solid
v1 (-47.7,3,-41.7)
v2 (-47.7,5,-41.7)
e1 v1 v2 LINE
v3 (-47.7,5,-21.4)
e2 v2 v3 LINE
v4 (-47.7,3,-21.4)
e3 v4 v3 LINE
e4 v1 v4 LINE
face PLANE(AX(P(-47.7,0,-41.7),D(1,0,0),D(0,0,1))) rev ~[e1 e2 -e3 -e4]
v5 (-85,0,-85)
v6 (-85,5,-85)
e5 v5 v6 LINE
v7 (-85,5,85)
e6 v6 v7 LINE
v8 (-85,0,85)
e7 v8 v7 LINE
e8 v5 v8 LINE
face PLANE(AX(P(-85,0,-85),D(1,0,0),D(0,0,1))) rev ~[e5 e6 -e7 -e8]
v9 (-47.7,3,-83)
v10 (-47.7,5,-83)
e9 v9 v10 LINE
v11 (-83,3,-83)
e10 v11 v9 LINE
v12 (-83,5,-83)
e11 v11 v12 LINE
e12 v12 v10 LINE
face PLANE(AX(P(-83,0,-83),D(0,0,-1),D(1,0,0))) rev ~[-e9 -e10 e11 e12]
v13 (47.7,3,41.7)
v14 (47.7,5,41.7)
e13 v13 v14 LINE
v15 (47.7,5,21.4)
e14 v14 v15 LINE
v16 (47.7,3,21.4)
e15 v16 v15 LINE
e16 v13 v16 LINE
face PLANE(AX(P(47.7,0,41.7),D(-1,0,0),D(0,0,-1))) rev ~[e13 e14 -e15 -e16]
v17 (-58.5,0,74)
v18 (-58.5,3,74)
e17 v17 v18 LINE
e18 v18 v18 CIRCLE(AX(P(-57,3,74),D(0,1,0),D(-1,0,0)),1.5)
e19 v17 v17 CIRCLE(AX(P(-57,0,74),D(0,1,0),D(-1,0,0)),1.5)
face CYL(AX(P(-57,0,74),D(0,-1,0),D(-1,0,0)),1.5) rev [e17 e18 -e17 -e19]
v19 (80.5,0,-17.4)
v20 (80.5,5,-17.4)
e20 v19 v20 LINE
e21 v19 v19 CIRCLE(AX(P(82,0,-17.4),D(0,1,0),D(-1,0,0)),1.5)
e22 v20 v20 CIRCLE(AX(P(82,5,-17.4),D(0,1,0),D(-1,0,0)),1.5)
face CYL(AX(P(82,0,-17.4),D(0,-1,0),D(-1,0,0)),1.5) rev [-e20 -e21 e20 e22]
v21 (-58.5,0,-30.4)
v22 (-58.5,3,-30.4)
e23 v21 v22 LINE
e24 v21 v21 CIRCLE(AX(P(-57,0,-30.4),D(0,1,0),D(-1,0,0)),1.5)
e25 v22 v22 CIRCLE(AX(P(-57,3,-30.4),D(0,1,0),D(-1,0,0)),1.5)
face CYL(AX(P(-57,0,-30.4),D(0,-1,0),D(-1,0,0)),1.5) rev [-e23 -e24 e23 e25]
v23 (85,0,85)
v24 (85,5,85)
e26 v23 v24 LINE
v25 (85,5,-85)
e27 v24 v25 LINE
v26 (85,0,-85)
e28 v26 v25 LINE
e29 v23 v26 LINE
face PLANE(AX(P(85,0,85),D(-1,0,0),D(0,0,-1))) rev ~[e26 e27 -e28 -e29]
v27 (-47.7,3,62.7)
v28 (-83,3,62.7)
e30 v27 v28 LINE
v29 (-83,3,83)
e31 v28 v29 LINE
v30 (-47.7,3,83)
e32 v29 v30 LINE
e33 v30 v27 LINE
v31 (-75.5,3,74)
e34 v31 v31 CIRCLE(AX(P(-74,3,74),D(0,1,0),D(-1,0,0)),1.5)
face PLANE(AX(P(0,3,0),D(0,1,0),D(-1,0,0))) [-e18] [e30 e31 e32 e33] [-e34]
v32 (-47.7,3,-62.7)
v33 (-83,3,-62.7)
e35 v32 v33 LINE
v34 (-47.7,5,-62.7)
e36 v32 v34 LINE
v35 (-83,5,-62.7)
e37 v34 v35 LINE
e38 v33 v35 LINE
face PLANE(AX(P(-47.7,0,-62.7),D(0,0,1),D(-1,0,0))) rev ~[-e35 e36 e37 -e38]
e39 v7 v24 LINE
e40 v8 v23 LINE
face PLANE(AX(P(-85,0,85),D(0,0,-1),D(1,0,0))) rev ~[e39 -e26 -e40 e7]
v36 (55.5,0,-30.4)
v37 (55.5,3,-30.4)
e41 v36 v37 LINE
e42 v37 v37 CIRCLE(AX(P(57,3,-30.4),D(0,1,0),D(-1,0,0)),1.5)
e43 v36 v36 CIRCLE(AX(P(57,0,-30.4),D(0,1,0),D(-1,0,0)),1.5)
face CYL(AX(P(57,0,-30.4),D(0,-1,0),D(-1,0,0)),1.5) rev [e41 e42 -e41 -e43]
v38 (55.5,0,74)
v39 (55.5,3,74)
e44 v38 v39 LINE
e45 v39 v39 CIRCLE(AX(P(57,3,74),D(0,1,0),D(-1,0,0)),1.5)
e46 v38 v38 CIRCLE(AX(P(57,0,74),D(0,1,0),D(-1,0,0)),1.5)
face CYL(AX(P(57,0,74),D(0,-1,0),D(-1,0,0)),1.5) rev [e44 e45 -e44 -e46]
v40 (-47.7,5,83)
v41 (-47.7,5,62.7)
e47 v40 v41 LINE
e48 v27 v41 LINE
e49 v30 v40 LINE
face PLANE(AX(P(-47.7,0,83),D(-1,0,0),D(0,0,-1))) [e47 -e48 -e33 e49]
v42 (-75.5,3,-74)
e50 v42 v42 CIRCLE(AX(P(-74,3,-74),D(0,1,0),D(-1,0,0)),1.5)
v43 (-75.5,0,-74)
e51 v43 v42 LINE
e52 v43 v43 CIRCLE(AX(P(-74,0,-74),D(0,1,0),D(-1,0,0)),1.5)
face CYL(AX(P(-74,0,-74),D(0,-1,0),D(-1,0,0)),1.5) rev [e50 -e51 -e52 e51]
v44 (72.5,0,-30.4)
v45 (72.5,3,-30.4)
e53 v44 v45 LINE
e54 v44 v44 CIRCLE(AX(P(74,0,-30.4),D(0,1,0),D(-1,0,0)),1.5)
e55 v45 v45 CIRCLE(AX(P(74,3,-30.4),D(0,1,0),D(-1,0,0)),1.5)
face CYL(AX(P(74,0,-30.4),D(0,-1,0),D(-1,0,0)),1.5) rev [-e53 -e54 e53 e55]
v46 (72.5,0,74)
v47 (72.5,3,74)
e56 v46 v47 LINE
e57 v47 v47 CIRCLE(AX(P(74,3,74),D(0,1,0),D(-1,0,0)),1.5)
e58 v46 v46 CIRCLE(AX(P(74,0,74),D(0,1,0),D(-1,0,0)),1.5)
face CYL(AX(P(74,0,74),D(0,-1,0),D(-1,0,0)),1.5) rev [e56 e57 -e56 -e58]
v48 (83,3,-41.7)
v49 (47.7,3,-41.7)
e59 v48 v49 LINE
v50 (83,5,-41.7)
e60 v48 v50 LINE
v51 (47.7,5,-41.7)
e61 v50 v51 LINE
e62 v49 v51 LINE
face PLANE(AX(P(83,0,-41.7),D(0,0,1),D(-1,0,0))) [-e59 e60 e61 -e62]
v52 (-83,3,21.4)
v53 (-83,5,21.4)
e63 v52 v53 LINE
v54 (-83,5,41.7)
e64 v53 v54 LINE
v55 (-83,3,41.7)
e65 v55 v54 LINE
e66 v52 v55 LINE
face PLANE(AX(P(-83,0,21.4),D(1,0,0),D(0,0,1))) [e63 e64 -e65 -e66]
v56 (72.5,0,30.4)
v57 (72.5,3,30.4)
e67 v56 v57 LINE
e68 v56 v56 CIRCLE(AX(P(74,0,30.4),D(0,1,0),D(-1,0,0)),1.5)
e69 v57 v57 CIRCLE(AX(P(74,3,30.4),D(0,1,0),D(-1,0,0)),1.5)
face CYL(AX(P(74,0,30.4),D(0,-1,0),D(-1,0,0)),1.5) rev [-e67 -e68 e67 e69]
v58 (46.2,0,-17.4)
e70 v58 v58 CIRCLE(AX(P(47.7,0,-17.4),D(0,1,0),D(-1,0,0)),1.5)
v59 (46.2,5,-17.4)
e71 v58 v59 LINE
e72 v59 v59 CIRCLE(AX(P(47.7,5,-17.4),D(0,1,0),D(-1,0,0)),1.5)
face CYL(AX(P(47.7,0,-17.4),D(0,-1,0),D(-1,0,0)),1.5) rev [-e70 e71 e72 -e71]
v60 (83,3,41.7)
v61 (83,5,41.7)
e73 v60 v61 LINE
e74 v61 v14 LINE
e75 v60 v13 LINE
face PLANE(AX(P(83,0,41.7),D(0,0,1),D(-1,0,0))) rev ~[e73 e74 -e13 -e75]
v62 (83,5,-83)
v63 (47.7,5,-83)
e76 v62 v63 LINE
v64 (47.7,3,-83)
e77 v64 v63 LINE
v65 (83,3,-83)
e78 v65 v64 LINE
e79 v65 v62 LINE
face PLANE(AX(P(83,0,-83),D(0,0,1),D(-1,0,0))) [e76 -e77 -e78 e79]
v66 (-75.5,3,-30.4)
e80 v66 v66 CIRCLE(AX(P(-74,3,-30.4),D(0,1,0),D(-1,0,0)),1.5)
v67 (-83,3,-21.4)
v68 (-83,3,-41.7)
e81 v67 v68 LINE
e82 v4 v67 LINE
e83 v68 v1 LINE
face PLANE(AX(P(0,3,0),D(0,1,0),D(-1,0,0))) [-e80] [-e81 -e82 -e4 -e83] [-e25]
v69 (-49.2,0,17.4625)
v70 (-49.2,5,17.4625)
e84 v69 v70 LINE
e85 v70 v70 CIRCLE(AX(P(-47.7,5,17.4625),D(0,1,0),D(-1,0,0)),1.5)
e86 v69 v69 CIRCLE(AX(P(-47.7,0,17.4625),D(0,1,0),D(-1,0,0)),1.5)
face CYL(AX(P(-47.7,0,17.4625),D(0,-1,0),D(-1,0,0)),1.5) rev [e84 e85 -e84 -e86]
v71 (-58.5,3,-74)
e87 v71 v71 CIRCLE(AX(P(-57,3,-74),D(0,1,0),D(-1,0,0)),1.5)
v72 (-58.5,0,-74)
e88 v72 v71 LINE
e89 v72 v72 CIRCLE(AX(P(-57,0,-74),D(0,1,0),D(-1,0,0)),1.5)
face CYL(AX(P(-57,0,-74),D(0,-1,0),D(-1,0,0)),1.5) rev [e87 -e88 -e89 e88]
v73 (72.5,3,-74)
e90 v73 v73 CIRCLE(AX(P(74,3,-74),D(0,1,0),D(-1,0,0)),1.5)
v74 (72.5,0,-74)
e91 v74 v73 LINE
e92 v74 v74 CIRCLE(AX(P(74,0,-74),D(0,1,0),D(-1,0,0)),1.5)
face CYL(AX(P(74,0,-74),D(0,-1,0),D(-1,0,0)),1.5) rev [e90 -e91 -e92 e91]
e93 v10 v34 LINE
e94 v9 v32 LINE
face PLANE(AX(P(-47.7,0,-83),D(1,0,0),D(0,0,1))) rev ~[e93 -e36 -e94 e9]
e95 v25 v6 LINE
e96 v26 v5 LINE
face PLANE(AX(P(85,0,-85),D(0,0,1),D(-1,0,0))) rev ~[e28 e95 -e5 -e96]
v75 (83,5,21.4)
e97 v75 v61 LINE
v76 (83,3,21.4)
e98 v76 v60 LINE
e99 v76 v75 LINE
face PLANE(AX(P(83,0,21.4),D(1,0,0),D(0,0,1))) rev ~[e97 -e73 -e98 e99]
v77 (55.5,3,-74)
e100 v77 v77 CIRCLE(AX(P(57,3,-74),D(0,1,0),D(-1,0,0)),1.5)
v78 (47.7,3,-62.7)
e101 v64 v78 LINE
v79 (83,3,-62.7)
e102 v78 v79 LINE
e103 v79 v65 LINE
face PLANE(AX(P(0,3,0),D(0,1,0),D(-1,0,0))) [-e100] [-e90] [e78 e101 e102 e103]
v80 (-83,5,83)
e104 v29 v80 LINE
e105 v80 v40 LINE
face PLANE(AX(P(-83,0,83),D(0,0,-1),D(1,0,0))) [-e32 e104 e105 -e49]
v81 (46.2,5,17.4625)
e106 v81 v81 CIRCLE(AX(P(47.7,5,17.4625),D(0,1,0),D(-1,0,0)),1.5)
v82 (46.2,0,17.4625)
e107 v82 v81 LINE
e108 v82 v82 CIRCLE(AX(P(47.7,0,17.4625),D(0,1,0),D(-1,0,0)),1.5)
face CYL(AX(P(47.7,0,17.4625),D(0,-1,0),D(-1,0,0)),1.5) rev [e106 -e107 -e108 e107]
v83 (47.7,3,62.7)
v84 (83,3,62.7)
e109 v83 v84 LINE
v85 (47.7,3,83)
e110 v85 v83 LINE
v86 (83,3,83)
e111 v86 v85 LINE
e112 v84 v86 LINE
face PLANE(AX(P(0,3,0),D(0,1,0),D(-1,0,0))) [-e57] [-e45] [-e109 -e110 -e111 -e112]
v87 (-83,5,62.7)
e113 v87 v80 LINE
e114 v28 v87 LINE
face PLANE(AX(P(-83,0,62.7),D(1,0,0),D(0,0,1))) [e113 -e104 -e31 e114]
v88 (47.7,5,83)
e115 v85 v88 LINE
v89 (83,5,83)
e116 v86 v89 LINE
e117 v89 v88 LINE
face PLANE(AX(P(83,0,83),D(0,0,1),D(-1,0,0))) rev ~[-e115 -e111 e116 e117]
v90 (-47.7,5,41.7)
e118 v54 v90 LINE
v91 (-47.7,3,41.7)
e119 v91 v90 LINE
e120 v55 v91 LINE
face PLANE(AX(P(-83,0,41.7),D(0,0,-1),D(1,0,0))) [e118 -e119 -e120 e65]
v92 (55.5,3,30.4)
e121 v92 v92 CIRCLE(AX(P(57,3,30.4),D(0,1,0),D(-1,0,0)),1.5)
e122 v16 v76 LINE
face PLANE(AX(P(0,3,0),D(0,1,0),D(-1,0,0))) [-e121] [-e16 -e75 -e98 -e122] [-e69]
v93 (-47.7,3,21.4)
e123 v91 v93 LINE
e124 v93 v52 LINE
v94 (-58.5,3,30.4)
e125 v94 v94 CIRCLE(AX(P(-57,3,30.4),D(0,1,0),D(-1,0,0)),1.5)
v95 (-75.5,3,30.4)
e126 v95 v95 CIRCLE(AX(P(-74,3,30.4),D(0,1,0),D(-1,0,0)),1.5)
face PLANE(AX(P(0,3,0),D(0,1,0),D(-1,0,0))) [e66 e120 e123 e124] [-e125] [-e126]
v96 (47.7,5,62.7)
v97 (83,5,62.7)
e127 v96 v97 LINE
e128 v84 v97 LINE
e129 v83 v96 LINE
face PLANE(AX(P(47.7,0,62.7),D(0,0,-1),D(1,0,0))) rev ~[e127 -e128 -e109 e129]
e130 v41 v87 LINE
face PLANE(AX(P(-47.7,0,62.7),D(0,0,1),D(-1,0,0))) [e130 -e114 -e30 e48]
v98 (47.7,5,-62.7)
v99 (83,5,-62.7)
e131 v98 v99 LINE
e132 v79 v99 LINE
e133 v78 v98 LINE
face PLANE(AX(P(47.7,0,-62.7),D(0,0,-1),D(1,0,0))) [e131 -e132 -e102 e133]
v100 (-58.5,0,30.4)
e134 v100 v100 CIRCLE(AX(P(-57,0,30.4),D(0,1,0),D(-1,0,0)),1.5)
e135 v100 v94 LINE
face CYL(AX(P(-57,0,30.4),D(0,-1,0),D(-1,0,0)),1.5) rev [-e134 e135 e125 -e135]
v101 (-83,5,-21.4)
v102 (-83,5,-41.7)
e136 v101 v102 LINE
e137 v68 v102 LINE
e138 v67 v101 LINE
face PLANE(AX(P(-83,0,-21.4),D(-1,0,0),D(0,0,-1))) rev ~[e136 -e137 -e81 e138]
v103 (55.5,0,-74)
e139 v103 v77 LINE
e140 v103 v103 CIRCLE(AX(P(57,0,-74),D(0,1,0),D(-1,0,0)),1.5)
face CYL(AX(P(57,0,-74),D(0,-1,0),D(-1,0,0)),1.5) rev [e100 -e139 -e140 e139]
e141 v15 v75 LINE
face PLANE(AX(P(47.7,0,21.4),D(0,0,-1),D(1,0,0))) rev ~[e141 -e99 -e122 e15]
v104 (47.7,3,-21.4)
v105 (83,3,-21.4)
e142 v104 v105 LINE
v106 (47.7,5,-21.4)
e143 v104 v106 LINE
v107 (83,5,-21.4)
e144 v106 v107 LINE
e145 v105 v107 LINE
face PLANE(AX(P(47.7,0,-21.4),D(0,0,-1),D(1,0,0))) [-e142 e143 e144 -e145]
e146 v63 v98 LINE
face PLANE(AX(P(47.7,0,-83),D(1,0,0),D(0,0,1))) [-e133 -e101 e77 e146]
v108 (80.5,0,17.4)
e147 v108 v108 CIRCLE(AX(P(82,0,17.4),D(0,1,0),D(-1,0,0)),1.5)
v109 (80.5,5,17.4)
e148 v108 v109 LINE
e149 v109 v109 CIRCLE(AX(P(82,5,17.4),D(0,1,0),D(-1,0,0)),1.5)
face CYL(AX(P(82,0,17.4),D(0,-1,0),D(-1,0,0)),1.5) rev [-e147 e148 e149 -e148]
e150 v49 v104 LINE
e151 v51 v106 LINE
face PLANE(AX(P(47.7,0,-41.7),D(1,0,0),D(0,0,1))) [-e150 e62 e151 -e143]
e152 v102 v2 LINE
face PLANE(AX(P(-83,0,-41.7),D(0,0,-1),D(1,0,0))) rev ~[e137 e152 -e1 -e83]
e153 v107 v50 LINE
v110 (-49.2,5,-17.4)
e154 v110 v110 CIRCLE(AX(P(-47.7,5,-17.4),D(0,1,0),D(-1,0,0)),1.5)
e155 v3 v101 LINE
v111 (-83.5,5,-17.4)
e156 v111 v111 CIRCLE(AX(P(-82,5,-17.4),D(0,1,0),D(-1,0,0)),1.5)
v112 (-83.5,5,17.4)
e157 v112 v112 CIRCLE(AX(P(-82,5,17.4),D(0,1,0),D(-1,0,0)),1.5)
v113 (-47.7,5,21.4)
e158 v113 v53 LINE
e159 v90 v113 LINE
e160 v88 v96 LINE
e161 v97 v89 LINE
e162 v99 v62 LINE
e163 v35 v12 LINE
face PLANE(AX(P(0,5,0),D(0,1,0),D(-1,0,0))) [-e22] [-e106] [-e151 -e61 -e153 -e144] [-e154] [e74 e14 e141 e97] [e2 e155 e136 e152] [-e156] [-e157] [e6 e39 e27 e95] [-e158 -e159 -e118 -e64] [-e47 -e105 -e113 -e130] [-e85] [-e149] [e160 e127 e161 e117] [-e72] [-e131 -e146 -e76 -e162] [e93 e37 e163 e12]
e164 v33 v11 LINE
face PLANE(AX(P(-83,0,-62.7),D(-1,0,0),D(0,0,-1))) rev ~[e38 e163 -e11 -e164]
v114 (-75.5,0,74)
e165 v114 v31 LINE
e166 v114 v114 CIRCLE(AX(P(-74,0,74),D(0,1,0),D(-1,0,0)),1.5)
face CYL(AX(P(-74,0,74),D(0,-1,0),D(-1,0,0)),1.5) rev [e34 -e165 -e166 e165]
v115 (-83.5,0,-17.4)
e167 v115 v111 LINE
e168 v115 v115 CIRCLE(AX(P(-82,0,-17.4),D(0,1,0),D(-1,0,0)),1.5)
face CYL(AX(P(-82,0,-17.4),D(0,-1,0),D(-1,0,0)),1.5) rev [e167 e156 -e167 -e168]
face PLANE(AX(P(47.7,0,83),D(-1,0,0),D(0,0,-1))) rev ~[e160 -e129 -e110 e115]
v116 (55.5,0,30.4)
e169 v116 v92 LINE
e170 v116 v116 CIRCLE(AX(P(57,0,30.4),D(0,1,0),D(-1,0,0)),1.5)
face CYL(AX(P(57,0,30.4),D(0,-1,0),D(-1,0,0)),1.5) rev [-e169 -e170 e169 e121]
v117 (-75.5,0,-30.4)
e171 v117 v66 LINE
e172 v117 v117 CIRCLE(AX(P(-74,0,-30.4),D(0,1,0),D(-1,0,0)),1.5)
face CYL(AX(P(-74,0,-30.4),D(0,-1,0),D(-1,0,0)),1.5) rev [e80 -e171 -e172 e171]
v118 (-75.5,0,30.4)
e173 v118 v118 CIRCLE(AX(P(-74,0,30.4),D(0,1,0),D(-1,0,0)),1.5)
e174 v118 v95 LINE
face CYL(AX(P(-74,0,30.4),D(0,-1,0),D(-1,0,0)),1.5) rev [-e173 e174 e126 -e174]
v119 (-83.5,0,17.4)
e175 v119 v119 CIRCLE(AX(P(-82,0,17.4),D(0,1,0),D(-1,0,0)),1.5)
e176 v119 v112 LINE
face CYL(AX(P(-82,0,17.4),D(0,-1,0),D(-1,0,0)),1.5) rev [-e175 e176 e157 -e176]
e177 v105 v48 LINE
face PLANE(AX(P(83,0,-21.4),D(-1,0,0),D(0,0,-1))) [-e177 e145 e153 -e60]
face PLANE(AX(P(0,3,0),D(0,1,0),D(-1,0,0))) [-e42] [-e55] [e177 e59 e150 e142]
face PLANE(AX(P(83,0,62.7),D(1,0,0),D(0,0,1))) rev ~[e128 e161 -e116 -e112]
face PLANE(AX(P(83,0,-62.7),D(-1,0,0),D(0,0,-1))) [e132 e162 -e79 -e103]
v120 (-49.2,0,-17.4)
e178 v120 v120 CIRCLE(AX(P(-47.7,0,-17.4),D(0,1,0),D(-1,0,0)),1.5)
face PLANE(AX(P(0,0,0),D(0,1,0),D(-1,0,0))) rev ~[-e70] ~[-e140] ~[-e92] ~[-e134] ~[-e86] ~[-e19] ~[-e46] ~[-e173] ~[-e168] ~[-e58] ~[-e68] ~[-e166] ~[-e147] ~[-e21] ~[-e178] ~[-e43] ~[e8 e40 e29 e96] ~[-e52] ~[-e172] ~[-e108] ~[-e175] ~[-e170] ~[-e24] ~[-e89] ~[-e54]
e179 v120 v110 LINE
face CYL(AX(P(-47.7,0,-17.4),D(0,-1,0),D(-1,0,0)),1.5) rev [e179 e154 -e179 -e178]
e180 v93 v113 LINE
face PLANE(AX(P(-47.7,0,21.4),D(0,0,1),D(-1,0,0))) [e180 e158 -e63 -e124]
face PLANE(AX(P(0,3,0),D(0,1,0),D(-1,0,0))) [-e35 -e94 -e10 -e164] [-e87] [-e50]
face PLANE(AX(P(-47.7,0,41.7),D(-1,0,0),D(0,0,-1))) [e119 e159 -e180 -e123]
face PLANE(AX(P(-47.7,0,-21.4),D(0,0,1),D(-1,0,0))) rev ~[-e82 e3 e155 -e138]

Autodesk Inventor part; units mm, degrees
ref_plane "YZ Plane" through (0, 0, 0) normal (1, 0, 0) x (0, 1, 0)
ref_plane "XZ Plane" through (0, 0, 0) normal (0, 1, 0) x (-1, 0, 0)
ref_plane "XY Plane" through (0, 0, 0) normal (0, 0, 1) x (1, 0, 0)
sketch "Sketch2" plane through (0, 0, 0) normal (0, 1, 0) x (-1, 0, 0)
  line L0 (85, 85) -> (-85, 85)
  line L1 (-85, 85) -> (-85, -85)
  line L2 (-85, -85) -> (85, -85)
  line L3 (85, -85) -> (85, 85)
  line L4 (85, 0) -> (-85, 0) construction
  line L5 (0, 85) -> (0, -85) construction
  line L6 (83, 83) -> (47.7, 83)
  line L7 (47.7, 83) -> (47.7, 62.7)
  line L8 (47.7, 62.7) -> (83, 62.7)
  line L9 (83, 62.7) -> (83, 83)
  line L10 (83, 41.7) -> (47.7, 41.7)
  line L11 (47.7, 41.7) -> (47.7, 21.4)
  line L12 (47.7, 21.4) -> (83, 21.4)
  line L13 (83, 21.4) -> (83, 41.7)
  circle A0 centre (74, 74) radius 1.5
  circle A1 centre (57, 74) radius 1.5
  circle A2 centre (74, 30.4) radius 1.5
  circle A3 centre (57, 30.4) radius 1.5
  line L14 (83, -83) -> (47.7, -83)
  line L15 (47.7, -83) -> (47.7, -62.7)
  line L16 (47.7, -62.7) -> (83, -62.7)
  line L17 (83, -62.7) -> (83, -83)
  line L18 (83, -41.7) -> (47.7, -41.7)
  line L19 (47.7, -41.7) -> (47.7, -21.4)
  line L20 (47.7, -21.4) -> (83, -21.4)
  line L21 (83, -21.4) -> (83, -41.7)
  circle A4 centre (74, -74) radius 1.5
  circle A5 centre (57, -74) radius 1.5
  circle A6 centre (74, -30.4) radius 1.5
  circle A7 centre (57, -30.4) radius 1.5
  line L22 (-83, 83) -> (-47.7, 83)
  line L23 (-47.7, 83) -> (-47.7, 62.7)
  line L24 (-47.7, 62.7) -> (-83, 62.7)
  line L25 (-83, 62.7) -> (-83, 83)
  line L26 (-83, 41.7) -> (-47.7, 41.7)
  line L27 (-47.7, 41.7) -> (-47.7, 21.4)
  line L28 (-47.7, 21.4) -> (-83, 21.4)
  line L29 (-83, 21.4) -> (-83, 41.7)
  circle A8 centre (-74, 74) radius 1.5
  circle A9 centre (-57, 74) radius 1.5
  circle A10 centre (-74, 30.4) radius 1.5
  circle A11 centre (-57, 30.4) radius 1.5
  line L30 (-47.7, -62.7) -> (-83, -62.7)
  circle A12 centre (-57, -74) radius 1.5
  circle A13 centre (-74, -74) radius 1.5
  line L31 (-47.7, -83) -> (-47.7, -62.7)
  line L32 (-83, -83) -> (-47.7, -83)
  line L33 (-83, -62.7) -> (-83, -83)
  line L34 (-83, -41.7) -> (-47.7, -41.7)
  circle A14 centre (-57, -30.4) radius 1.5
  circle A15 centre (-74, -30.4) radius 1.5
  line L35 (-83, -21.4) -> (-83, -41.7)
  line L36 (-47.7, -41.7) -> (-47.7, -21.4)
  line L37 (-47.7, -21.4) -> (-83, -21.4)
  circle A16 centre (-82, 17.4) radius 1.5
  circle A17 centre (-82, -17.4) radius 1.5
  circle A18 centre (82, 17.4) radius 1.5
  circle A19 centre (82, -17.4) radius 1.5
  circle A20 centre (-47.7, 17.4625) radius 1.5
  circle A21 centre (-47.7, -17.4) radius 1.5
  circle A22 centre (47.7, 17.4625) radius 1.5
  circle A23 centre (47.7, -17.4) radius 1.5
  point P0 (0, 0)
  point P1 (83, 72.85)
  point P2 (65.35, 83)
  point P3 (83, -72.85)
  point P4 (65.35, -83)
  point P5 (-83, 72.85)
  point P6 (-65.35, 83)
  point P7 (-83, -72.85)
  point P8 (-65.35, -83)
  dimension "d17" = 170
  dimension "d18" = 170
  dimension "d19" = 35.3
  dimension "d20" = 20.3
  dimension "d21" = 2
  dimension "d22" = 2
  dimension "d23" = 20.3
  dimension "d24" = 21
  dimension "d25" = 3
  dimension "d26" = 9
  dimension "d27" = 9
  dimension "d28" = 3
  dimension "d29" = 17
  dimension "d30" = 3
  dimension "d31" = 9
  dimension "d32" = 9
  dimension "d33" = 3
  dimension "d38" = 3
  dimension "d39" = 3
  dimension "d40" = 4
  dimension "d41" = 34.8
  dimension "d44" = 3
  dimension "d45" = 3
  dimension "d46" = 34.3
extrude "Extrusion3" add sketch "Sketch2" along normal blind 5 contours L3 L2 L1 L0 | A16 | A17 | A18 | A19 | A20 | A21 | A22 | A23
extrude "Extrusion4" add sketch "Sketch2" along normal blind 3 contours L9 L8 L7 L6 | L13 L12 L11 L10 | L14 L15 L16 L17 | L18 L19 L20 L21 | L22 L23 L24 L25 | L26 L27 L28 L29 | L31 L32 L33 L30 | L35 L37 L36 L34
extrude "Extrusion5" cut sketch "Sketch2" along normal blind 5 contours A16 | A17 | A18 | A19
extrude "Extrusion6" cut sketch "Sketch2" along normal blind 5 contours A20 | A21 | A22 | A23
properties part number "Casis"
